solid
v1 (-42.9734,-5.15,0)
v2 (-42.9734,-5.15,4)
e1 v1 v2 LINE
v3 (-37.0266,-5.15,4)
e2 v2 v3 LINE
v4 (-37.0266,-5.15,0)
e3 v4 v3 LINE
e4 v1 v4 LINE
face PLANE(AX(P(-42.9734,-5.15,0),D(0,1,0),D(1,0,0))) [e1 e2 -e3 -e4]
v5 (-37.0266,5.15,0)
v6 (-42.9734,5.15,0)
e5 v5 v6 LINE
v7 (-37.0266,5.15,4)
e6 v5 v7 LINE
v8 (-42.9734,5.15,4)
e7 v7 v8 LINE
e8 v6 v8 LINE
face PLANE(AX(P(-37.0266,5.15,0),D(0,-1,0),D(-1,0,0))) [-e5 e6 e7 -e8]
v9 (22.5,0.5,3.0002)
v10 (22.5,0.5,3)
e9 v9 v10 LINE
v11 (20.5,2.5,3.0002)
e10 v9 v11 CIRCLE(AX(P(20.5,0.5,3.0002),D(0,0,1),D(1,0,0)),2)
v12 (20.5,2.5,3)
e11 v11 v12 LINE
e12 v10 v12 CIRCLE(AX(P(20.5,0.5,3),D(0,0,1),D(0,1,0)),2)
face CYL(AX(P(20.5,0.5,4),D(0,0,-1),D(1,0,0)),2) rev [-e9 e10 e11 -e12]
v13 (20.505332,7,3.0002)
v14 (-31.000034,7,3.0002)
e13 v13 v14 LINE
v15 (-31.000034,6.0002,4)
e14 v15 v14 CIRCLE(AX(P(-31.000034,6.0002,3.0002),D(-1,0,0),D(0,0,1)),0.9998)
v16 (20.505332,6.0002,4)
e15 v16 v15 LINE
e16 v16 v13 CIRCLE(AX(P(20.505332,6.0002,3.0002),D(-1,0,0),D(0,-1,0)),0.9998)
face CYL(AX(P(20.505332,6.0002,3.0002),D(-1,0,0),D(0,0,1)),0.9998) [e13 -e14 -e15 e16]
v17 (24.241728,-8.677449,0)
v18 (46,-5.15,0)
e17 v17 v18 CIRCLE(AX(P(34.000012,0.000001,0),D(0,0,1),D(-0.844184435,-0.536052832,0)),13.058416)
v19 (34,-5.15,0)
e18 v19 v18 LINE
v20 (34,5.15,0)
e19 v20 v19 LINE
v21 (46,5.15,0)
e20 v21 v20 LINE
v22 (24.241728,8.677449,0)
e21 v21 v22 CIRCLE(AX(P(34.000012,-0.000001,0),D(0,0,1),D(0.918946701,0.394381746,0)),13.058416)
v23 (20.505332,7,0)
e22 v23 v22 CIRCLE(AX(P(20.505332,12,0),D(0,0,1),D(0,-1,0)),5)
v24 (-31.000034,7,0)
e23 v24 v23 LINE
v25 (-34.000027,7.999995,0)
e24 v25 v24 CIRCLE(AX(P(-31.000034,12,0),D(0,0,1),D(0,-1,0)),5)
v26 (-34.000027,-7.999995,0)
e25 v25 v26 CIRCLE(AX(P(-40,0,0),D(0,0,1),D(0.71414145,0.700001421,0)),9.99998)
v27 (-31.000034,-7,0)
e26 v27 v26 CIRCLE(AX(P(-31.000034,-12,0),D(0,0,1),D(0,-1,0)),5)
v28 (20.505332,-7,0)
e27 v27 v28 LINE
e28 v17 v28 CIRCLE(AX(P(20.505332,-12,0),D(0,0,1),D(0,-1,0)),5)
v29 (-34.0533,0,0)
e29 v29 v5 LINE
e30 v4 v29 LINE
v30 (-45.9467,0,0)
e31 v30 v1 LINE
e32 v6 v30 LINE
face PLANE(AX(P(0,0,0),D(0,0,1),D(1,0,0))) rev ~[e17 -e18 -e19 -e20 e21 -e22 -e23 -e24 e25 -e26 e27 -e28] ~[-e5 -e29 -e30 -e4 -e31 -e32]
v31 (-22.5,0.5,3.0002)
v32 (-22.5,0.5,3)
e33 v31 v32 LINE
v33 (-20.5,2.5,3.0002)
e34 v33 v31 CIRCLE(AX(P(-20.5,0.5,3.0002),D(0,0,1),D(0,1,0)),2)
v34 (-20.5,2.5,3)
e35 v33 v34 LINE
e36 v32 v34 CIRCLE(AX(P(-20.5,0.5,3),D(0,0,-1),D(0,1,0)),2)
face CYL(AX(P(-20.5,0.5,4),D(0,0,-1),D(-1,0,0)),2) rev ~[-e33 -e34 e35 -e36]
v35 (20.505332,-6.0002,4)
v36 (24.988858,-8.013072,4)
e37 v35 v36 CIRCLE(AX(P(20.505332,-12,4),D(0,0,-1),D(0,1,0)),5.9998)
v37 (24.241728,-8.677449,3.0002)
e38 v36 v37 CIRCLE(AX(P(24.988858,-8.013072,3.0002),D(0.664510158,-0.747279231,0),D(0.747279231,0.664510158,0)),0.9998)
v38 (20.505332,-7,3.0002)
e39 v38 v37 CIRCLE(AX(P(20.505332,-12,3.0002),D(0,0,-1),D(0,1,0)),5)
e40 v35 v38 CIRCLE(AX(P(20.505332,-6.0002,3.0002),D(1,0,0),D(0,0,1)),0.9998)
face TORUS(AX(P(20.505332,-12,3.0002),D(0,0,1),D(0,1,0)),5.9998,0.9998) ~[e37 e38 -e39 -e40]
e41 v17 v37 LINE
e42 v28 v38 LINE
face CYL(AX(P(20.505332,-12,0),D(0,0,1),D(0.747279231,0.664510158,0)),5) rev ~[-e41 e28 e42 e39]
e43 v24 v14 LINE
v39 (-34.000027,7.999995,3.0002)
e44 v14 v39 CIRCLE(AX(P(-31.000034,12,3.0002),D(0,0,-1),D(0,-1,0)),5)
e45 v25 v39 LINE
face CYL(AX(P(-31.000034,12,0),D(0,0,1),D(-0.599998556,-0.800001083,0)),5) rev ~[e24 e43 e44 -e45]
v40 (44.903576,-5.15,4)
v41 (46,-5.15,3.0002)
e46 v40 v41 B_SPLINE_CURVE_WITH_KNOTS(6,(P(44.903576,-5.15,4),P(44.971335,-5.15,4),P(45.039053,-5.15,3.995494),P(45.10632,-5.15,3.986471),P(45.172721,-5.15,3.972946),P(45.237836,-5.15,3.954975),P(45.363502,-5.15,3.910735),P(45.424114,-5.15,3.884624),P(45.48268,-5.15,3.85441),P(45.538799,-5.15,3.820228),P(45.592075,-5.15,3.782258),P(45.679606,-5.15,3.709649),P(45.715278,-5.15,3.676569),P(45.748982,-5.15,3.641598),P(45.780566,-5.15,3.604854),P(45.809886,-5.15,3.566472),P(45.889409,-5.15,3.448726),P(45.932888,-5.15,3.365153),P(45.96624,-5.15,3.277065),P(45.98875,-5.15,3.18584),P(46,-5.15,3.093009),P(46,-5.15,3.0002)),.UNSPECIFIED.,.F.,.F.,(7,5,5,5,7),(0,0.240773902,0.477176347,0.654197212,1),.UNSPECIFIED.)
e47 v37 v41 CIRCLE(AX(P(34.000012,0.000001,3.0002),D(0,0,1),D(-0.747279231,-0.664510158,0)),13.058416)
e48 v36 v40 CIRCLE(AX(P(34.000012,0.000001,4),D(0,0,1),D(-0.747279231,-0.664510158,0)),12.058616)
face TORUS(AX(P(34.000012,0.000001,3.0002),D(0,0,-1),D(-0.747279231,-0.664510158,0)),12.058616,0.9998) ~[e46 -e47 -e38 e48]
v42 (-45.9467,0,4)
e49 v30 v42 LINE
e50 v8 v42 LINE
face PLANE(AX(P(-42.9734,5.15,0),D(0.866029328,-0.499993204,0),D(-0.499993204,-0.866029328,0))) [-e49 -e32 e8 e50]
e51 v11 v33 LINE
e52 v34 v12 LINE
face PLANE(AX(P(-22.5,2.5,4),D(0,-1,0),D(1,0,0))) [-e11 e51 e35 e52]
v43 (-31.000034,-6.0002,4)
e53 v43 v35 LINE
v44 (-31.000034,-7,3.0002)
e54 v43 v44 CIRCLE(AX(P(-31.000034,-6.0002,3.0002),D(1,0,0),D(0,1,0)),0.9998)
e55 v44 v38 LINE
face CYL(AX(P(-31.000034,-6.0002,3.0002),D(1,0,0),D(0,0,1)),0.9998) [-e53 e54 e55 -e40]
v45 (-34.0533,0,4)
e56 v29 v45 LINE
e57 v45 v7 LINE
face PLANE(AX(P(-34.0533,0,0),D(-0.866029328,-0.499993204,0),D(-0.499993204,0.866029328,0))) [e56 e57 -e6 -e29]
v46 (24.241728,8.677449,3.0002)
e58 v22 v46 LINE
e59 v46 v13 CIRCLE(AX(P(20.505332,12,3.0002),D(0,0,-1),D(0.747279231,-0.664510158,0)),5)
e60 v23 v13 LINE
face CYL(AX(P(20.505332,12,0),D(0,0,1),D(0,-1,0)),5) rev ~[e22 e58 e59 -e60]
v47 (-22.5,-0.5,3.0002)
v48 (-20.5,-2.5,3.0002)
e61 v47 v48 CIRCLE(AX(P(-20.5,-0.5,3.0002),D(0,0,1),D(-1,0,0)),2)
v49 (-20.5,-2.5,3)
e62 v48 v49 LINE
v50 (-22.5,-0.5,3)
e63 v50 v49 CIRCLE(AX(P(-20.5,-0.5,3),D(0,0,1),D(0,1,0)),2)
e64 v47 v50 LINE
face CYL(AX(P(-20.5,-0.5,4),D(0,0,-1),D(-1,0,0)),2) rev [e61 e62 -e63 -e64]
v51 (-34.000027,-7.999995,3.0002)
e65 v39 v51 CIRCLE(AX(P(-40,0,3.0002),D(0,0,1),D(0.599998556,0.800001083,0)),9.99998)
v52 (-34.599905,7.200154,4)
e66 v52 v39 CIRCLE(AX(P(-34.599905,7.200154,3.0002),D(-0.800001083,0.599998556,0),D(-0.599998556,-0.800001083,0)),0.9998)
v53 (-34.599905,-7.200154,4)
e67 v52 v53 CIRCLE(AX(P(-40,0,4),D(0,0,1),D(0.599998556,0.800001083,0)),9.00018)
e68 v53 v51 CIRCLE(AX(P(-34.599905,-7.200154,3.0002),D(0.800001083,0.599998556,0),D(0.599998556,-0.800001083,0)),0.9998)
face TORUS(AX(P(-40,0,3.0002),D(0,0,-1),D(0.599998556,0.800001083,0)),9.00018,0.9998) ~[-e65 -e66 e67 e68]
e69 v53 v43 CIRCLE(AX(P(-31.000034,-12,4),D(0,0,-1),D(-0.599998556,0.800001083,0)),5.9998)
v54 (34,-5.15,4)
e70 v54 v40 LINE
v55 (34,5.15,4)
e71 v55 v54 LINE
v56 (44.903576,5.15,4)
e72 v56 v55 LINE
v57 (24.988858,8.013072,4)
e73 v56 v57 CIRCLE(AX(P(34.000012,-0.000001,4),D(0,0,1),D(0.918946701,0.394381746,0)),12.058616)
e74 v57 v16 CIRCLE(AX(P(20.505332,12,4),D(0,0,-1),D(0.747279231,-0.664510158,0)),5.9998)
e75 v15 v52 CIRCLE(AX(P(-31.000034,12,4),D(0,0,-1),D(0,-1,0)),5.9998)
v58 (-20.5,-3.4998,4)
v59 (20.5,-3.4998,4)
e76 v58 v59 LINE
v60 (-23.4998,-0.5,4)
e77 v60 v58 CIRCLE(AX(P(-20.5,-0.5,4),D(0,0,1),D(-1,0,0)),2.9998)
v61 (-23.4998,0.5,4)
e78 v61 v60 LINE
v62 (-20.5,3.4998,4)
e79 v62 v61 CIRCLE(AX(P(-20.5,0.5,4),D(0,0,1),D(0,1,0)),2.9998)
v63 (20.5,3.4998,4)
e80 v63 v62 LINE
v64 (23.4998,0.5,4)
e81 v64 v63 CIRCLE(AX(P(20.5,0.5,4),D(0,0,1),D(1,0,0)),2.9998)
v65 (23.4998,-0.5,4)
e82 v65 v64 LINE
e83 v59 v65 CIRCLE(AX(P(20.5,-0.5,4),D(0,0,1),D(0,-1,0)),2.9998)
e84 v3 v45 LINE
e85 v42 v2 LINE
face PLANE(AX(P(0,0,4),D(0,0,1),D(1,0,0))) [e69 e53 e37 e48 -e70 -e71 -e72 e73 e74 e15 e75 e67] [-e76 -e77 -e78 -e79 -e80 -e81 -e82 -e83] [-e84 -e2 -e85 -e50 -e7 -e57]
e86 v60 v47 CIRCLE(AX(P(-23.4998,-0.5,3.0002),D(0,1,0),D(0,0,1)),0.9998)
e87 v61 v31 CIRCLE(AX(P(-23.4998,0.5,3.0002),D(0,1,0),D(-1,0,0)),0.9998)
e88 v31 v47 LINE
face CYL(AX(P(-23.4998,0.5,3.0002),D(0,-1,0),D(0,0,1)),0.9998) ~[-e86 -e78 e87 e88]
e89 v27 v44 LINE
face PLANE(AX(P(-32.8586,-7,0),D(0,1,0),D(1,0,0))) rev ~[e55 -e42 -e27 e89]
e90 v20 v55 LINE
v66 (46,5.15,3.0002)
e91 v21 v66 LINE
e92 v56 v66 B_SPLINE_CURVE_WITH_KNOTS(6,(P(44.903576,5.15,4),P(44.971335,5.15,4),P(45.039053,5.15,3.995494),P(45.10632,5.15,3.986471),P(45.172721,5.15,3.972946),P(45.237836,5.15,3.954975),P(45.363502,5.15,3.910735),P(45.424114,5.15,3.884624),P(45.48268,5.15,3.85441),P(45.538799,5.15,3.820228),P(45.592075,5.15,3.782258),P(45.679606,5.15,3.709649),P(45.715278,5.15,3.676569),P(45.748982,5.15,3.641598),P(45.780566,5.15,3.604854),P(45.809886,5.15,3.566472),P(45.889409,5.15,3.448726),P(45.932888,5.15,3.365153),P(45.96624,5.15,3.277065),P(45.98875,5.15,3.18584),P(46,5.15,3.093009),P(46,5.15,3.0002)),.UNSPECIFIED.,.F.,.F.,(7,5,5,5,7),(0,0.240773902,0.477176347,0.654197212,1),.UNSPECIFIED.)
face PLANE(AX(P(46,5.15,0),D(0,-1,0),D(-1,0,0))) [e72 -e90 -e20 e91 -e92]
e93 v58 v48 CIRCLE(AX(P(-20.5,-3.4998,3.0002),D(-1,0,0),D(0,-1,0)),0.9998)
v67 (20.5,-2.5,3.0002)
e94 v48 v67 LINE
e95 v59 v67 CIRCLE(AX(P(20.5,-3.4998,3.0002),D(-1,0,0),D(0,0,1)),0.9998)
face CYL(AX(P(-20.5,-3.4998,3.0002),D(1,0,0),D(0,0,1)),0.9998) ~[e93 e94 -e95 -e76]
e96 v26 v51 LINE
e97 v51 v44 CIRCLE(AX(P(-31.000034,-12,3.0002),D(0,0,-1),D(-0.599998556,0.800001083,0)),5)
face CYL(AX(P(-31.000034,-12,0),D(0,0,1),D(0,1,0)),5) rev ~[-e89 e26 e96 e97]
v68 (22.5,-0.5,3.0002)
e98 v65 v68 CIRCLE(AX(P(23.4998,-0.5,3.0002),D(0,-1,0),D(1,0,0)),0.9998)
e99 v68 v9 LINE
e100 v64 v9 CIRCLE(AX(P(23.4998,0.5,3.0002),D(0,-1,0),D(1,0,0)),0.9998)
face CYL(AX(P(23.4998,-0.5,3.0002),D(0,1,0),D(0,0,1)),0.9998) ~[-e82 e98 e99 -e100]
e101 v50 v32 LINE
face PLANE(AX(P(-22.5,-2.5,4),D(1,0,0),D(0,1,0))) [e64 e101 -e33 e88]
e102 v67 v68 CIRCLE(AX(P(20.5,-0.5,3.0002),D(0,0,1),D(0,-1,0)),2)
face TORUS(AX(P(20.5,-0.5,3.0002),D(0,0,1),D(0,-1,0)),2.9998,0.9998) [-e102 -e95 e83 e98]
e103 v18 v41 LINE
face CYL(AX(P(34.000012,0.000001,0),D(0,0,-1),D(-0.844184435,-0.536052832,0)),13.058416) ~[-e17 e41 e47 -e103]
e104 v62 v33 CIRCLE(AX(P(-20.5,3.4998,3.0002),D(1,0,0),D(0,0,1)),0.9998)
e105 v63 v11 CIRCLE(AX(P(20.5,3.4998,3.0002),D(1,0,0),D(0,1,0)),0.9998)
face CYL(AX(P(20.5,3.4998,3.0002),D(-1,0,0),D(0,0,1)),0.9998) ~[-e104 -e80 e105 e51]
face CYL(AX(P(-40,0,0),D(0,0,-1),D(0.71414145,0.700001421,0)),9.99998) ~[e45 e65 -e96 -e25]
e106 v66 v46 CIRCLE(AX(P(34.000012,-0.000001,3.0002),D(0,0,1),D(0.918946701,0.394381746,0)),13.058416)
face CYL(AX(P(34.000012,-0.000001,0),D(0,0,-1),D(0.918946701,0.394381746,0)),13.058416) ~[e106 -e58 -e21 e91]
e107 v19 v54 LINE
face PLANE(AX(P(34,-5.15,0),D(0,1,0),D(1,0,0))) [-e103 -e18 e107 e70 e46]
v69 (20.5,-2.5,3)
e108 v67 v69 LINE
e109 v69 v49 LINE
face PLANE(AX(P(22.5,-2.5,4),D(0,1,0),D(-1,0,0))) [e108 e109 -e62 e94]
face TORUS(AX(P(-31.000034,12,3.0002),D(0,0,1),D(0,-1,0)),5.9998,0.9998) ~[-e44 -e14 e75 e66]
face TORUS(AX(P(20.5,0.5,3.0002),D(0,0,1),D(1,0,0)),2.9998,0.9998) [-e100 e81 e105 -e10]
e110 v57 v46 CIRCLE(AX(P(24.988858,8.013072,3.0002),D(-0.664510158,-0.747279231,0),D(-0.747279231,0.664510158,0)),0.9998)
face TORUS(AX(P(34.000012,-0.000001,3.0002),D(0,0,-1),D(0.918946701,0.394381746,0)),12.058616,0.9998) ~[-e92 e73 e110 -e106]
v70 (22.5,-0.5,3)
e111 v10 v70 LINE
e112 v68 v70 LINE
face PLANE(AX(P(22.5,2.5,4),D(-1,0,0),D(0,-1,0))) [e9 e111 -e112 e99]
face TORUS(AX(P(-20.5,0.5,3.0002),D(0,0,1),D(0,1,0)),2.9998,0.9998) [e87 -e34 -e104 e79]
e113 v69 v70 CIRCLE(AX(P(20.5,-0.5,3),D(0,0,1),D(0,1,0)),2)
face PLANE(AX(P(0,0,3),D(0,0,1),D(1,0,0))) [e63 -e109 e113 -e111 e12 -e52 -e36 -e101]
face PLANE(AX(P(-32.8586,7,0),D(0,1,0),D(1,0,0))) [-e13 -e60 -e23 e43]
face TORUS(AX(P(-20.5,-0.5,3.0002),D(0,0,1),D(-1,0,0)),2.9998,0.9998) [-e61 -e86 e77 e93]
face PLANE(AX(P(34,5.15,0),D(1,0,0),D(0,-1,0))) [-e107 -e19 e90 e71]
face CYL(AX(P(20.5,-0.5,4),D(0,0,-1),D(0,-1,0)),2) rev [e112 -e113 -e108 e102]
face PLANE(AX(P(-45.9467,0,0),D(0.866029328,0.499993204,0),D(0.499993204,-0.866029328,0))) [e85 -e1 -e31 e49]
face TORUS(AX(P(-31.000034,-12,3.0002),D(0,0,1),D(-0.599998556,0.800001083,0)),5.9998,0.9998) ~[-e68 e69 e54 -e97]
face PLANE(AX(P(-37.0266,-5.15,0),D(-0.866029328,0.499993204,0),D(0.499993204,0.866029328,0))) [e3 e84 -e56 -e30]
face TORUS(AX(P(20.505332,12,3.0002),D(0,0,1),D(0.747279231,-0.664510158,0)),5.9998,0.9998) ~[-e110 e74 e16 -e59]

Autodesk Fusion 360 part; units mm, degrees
sketch "Sketch1" plane through (0, 0, 0) normal (0, 0, 1) x (1, 0, 0)
  line L0 (-42.9734, 5.15) -> (-45.9467, 0)
  line L1 (-45.9467, 0) -> (-42.9734, -5.15)
  line L2 (-42.9734, -5.15) -> (-37.0266, -5.15)
  line L3 (-37.0266, -5.15) -> (-34.0533, 0)
  line L4 (-34.0533, 0) -> (-37.0266, 5.15)
  line L5 (-37.0266, 5.15) -> (-42.9734, 5.15)
  line L6 (46, 5.15) -> (34, 5.15)
  line L7 (34, 5.15) -> (34, -5.15)
  line L8 (34, -5.15) -> (46, -5.15)
  line L9 (46, 5.15) -> (34, -5.15) construction
  line L10 (34, 5.15) -> (46, -5.15) construction
  line L11 (-32.8586, 7) -> (22.9763, 7)
  arc A0 (-32.8586, 7) -> (-32.8586, -7) centre (-40, 0) ccw
  arc A1 (22.9763, -7) -> (46, -5.15) centre (34, 0) ccw
  arc A2 (46, 5.15) -> (22.9763, 7) centre (34, 0) ccw
  line L12 (-32.8586, -7) -> (22.9763, -7)
  point P0 (-40, 0)
  point P1 (40, 0)
  dimension "d1" = 80
  dimension "d2" = 5.15
  dimension "d3" = 20
  dimension "d4" = 12
  dimension "d5" = 10.3
sketch "Sketch2" plane through (0, 0, 0) normal (0, 0, 1) x (1, 0, 0)
extrude "Extrude1" add sketch "Sketch1" along normal blind 4
fillet "Fillet1" radius 5 4 edges at (-32.8586, -7, 2) (22.9763, -7, 2) (22.9763, 7, 2) (-32.8586, 7, 2)
sketch "Sketch3" plane through (0, 0, 4) normal (0, 0, 1) x (1, 0, 0)
  line L0 (-42.9734, 5.15) -> (-37.0266, 5.15)
  line L1 (-37.0266, 5.15) -> (-34.0533, 0)
  line L2 (-34.0533, 0) -> (-37.0266, -5.15)
  line L3 (-37.0266, -5.15) -> (-42.9734, -5.15)
  line L4 (-42.9734, -5.15) -> (-45.9467, 0)
  line L5 (-45.9467, 0) -> (-42.9734, 5.15)
  arc A0 (-34, 8) -> (-34, -8) centre (-40, 0) ccw
  arc A1 (-31, -7) -> (-34, -8) centre (-31, -12) ccw
  line L6 (-31, -7) -> (20.5053, -7)
  arc A2 (24.2417, -8.6775) -> (20.5053, -7) centre (20.5053, -12) ccw
  arc A3 (24.2417, -8.6775) -> (46, -5.15) centre (34, 0) ccw
  line L7 (46, -5.15) -> (34, -5.15)
  line L8 (34, -5.15) -> (34, 5.15)
  line L9 (34, 5.15) -> (46, 5.15)
  arc A4 (46, 5.15) -> (24.2417, 8.6775) centre (34, 0) ccw
  arc A5 (20.5053, 7) -> (24.2417, 8.6775) centre (20.5053, 12) ccw
  line L10 (20.5053, 7) -> (-31, 7)
  arc A6 (-34, 8) -> (-31, 7) centre (-31, 12) ccw
  line L11 (-22.5, 2.5) -> (22.5, 2.5)
  line L12 (22.5, 2.5) -> (22.5, -2.5)
  line L13 (22.5, -2.5) -> (-22.5, -2.5)
  line L14 (-22.5, -2.5) -> (-22.5, 2.5)
  line L15 (-22.5, 2.5) -> (22.5, -2.5) construction
  line L16 (22.5, 2.5) -> (-22.5, -2.5) construction
  dimension "d11" = 45
  dimension "d12" = 5
extrude "Extrude2" cut sketch "Sketch3" against normal blind 1 contours L11 L12 L13 L14
sketch "Sketch4" plane through (0, 0, 4) normal (0, 0, 1) x (1, 0, 0)
  line L0 (22.5, 2.5) -> (22.5, -2.5)
  line L1 (22.5, -2.5) -> (-22.5, -2.5)
  line L2 (-22.5, -2.5) -> (-22.5, 2.5)
  line L3 (-22.5, 2.5) -> (22.5, 2.5)
  line L4 (-42.9734, 5.15) -> (-37.0266, 5.15)
  line L5 (-37.0266, 5.15) -> (-34.0533, 0)
  line L6 (-34.0533, 0) -> (-37.0266, -5.15)
  line L7 (-37.0266, -5.15) -> (-42.9734, -5.15)
  line L8 (-42.9734, -5.15) -> (-45.9467, 0)
  line L9 (-45.9467, 0) -> (-42.9734, 5.15)
  arc A0 (-34, 8) -> (-34, -8) centre (-40, 0) ccw
  arc A1 (-31, -7) -> (-34, -8) centre (-31, -12) ccw
  line L10 (-31, -7) -> (20.5053, -7)
  arc A2 (24.2417, -8.6775) -> (20.5053, -7) centre (20.5053, -12) ccw
  arc A3 (24.2417, -8.6775) -> (46, -5.15) centre (34, 0) ccw
  line L11 (46, -5.15) -> (34, -5.15)
  line L12 (34, -5.15) -> (34, 5.15)
  line L13 (34, 5.15) -> (46, 5.15)
  arc A4 (46, 5.15) -> (24.2417, 8.6775) centre (34, 0) ccw
  arc A5 (20.5053, 7) -> (24.2417, 8.6775) centre (20.5053, 12) ccw
  line L14 (20.5053, 7) -> (-31, 7)
  arc A6 (-34, 8) -> (-31, 7) centre (-31, 12) ccw
sketch "Sketch5" plane through (0, 0, 4) normal (0, 0, 1) x (1, 0, 0)
fillet "Fillet2" radius 2 4 edges at (-22.5, 2.5, 3.5) (-22.5, -2.5, 3.5) (22.5, 2.5, 3.5) (22.5, -2.5, 3.5)
fillet "Fillet3" radius 1 17 edges at (21.9142, 1.9142, 4) (22.5, 0, 4) (21.9142, -1.9142, 4) (0, -2.5, 4) (-21.9142, -1.9142, 4) (-22.5, 0, 4) (-21.9142, 1.9142, 4) (0, 2.5, 4) (36.0897, 12.8901, 4) (22.5531, 7.4386, 4) (-5.2473, 7, 4) (-32.5811, 7.2566, 4) (-50, 0, 4) (-32.5811, -7.2566, 4) (-5.2473, -7, 4) (22.5531, -7.4386, 4) (36.0897, -12.8901, 4)
